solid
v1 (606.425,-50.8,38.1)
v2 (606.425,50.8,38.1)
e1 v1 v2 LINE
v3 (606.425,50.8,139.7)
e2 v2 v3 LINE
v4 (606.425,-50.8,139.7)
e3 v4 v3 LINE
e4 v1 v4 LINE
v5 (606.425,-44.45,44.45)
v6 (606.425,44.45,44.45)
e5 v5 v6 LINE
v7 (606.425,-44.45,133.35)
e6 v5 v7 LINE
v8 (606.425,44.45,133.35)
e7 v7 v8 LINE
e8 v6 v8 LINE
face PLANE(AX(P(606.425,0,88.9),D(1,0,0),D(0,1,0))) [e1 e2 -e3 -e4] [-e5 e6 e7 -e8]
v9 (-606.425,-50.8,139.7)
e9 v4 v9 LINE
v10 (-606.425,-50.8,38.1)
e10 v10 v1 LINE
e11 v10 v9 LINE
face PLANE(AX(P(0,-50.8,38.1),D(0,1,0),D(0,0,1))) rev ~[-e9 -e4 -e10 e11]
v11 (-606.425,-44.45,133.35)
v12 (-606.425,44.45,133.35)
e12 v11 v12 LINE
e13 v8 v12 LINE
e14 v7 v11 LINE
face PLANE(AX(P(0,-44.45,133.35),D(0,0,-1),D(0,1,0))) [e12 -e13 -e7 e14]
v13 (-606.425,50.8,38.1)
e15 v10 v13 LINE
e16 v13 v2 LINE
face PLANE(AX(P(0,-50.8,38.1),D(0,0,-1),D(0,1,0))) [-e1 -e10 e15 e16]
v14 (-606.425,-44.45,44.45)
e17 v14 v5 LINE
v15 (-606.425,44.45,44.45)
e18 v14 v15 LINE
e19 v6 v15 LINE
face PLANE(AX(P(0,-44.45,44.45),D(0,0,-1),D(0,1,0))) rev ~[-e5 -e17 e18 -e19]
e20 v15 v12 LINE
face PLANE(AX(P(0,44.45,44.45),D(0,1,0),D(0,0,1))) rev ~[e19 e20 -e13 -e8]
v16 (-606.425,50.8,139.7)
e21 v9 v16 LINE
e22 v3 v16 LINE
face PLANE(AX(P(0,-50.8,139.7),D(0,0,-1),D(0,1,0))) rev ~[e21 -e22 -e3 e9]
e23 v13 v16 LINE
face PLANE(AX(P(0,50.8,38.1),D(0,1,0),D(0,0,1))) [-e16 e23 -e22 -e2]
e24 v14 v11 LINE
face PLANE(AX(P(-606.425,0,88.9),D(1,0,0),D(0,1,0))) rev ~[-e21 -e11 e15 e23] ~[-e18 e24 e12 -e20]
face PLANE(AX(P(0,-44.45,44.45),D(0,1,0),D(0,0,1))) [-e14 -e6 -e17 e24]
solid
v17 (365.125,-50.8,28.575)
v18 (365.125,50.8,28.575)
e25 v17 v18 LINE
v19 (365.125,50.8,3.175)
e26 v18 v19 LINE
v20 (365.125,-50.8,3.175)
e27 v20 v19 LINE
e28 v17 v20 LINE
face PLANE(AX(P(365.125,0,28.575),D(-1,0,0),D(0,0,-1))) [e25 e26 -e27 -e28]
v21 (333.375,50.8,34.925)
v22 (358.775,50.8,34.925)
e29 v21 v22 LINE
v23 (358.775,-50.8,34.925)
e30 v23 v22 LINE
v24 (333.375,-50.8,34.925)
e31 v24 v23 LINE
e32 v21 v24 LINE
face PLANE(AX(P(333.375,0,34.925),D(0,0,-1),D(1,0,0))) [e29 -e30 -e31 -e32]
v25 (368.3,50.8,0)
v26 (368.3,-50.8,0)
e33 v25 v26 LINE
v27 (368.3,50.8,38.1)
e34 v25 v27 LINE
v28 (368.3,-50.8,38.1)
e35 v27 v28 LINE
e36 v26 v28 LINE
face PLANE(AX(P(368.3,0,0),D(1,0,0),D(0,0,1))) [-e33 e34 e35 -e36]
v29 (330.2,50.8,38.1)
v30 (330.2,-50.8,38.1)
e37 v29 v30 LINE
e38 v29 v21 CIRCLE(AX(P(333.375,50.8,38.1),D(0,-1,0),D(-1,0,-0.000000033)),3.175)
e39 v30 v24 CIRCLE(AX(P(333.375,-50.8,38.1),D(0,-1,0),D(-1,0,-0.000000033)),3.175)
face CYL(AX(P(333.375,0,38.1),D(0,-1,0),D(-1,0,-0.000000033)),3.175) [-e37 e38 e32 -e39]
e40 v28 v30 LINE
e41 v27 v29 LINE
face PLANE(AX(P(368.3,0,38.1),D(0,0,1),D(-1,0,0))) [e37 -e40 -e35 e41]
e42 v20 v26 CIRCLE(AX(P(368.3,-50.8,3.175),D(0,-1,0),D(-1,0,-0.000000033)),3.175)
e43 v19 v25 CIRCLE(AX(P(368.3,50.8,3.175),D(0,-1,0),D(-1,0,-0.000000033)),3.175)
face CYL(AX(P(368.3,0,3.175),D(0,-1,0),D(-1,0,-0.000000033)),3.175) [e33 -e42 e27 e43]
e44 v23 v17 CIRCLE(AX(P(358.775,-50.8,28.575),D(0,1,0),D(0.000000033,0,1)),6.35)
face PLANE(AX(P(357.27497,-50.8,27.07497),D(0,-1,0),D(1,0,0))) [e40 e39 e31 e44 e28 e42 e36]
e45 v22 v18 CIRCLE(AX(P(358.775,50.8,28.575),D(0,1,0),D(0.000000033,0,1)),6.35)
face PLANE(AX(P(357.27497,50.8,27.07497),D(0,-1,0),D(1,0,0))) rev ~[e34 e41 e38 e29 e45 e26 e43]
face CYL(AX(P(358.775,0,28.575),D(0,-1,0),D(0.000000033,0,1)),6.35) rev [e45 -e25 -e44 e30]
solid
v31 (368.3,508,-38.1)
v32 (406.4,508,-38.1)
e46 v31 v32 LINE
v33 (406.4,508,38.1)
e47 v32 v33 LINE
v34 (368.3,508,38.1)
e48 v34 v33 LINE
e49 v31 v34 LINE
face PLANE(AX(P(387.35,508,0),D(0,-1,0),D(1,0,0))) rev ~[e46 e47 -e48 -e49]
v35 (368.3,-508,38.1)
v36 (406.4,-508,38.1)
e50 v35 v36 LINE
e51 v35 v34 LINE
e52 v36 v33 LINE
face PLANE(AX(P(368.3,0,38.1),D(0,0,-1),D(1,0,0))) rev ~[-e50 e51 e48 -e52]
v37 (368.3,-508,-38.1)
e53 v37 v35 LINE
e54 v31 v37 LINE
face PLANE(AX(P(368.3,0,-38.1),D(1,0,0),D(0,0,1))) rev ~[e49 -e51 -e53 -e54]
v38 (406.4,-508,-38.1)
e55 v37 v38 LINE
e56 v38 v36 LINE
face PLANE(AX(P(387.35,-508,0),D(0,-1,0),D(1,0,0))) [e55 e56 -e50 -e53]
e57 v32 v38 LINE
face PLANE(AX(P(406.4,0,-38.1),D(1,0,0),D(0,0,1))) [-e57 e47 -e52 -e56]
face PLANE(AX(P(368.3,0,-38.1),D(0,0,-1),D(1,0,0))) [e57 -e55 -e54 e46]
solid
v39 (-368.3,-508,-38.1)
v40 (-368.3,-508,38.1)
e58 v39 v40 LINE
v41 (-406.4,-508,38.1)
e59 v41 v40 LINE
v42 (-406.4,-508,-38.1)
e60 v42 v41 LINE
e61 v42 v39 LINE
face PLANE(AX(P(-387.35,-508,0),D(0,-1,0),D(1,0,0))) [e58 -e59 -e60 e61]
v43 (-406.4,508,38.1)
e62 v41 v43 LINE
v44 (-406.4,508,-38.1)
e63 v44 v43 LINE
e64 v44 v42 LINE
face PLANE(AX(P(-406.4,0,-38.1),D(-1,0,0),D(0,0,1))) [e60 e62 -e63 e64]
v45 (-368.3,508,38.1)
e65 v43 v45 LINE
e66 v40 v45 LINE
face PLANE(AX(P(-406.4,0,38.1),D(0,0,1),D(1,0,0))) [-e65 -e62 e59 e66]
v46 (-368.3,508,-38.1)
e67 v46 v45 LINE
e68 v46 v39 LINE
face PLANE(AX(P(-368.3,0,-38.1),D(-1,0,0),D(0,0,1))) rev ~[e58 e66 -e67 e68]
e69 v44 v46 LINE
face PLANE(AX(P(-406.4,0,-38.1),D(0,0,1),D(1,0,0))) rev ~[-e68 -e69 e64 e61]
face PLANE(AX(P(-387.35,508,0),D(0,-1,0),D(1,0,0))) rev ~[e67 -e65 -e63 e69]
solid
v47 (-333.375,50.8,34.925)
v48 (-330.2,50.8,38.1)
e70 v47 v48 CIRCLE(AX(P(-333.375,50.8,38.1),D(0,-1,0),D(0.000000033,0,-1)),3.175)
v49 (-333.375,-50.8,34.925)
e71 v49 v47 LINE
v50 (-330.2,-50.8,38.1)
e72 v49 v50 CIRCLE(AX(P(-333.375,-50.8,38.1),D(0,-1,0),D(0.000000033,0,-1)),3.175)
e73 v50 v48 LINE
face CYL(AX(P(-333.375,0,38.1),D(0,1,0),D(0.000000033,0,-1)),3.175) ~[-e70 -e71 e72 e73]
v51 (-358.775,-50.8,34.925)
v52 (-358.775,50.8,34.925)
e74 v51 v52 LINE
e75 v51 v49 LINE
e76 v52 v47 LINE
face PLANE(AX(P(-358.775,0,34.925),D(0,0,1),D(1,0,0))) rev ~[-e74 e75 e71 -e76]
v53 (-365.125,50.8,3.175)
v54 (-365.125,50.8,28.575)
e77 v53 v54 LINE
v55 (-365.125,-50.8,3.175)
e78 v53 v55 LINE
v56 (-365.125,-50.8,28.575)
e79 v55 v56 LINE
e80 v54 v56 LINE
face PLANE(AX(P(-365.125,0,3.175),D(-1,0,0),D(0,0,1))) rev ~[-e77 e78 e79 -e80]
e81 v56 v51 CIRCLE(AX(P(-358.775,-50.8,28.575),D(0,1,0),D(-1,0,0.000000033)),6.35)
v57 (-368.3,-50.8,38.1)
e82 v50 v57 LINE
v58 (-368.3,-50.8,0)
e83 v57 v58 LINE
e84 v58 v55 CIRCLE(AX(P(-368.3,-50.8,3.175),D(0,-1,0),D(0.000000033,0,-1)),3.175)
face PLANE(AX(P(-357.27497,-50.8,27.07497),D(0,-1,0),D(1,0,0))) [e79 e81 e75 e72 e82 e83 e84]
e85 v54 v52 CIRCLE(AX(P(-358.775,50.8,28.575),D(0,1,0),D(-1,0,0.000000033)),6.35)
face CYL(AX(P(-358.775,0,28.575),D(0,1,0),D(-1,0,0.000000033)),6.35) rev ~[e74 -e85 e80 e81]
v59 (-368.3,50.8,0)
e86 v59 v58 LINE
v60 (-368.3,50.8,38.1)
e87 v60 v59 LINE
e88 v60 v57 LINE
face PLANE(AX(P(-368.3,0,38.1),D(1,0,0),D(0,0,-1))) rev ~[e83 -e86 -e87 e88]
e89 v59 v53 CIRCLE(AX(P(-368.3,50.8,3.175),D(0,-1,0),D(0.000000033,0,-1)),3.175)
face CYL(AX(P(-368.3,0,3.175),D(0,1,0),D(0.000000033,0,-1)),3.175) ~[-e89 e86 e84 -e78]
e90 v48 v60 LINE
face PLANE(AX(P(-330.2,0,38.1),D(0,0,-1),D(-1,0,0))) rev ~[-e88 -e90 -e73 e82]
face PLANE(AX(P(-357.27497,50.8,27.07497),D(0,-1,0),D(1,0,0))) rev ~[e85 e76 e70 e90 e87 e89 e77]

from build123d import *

# Parameters (mm, degrees)
F0_W     = 38.1
F0_H     = 76.2
F1_DEPTH = 508
F2_W     = 101.6
F2_H     = 101.6
F2_W_2   = 88.9
F2_H_2   = 88.9
F3_DEPTH = 606.425
F5_DEPTH = 50.8


with BuildPart() as f1:
    # F0 (on Front) → F1 (new body, symmetric)
    with BuildSketch(Plane.XZ):
        with Locations((-387.35, 0)):
            Rectangle(F0_W, F0_H)
        with Locations((387.35, 0)):
            Rectangle(F0_W, F0_H)
    extrude(amount=F1_DEPTH, both=True)


with BuildPart() as f3:
    # F2 (on Right) → F3 (new body, symmetric)
    with BuildSketch(Plane.YZ):
        with Locations((0, 88.9)):
            Rectangle(F2_W, F2_H)
        with Locations((0, 88.9)):
            Rectangle(F2_W_2, F2_H_2, mode=Mode.SUBTRACT)
    extrude(amount=F3_DEPTH, both=True)


with BuildPart() as f5:
    # F4 (on Front) → F5 (new body, symmetric)
    with BuildSketch(Plane.XZ):
        with BuildLine():
            Line((-330.2, 38.1), (-368.3, 38.1))
            Line((-368.3, 38.1), (-368.3, 0))
            ThreePointArc((-368.3, 0), (-366.054936, 0.929936), (-365.125, 3.175))
            Line((-365.125, 3.175), (-365.125, 28.575))
            ThreePointArc((-365.125, 28.575), (-363.265128, 33.065128), (-358.775, 34.925))
            Line((-358.775, 34.925), (-333.375, 34.925))
            ThreePointArc((-333.375, 34.925), (-331.129936, 35.854936), (-330.2, 38.1))
        make_face()
        with BuildLine():
            ThreePointArc((365.125, 3.175), (366.054936, 0.929936), (368.3, 0))
            Line((368.3, 0), (368.3, 38.1))
            Line((368.3, 38.1), (330.2, 38.1))
            ThreePointArc((330.2, 38.1), (331.129936, 35.854936), (333.375, 34.925))
            Line((333.375, 34.925), (358.775, 34.925))
            ThreePointArc((358.775, 34.925), (363.265128, 33.065128), (365.125, 28.575))
            Line((365.125, 28.575), (365.125, 3.175))
        make_face()
    extrude(amount=F5_DEPTH, both=True)


solid = Compound([f1.part, f3.part, f5.part])
